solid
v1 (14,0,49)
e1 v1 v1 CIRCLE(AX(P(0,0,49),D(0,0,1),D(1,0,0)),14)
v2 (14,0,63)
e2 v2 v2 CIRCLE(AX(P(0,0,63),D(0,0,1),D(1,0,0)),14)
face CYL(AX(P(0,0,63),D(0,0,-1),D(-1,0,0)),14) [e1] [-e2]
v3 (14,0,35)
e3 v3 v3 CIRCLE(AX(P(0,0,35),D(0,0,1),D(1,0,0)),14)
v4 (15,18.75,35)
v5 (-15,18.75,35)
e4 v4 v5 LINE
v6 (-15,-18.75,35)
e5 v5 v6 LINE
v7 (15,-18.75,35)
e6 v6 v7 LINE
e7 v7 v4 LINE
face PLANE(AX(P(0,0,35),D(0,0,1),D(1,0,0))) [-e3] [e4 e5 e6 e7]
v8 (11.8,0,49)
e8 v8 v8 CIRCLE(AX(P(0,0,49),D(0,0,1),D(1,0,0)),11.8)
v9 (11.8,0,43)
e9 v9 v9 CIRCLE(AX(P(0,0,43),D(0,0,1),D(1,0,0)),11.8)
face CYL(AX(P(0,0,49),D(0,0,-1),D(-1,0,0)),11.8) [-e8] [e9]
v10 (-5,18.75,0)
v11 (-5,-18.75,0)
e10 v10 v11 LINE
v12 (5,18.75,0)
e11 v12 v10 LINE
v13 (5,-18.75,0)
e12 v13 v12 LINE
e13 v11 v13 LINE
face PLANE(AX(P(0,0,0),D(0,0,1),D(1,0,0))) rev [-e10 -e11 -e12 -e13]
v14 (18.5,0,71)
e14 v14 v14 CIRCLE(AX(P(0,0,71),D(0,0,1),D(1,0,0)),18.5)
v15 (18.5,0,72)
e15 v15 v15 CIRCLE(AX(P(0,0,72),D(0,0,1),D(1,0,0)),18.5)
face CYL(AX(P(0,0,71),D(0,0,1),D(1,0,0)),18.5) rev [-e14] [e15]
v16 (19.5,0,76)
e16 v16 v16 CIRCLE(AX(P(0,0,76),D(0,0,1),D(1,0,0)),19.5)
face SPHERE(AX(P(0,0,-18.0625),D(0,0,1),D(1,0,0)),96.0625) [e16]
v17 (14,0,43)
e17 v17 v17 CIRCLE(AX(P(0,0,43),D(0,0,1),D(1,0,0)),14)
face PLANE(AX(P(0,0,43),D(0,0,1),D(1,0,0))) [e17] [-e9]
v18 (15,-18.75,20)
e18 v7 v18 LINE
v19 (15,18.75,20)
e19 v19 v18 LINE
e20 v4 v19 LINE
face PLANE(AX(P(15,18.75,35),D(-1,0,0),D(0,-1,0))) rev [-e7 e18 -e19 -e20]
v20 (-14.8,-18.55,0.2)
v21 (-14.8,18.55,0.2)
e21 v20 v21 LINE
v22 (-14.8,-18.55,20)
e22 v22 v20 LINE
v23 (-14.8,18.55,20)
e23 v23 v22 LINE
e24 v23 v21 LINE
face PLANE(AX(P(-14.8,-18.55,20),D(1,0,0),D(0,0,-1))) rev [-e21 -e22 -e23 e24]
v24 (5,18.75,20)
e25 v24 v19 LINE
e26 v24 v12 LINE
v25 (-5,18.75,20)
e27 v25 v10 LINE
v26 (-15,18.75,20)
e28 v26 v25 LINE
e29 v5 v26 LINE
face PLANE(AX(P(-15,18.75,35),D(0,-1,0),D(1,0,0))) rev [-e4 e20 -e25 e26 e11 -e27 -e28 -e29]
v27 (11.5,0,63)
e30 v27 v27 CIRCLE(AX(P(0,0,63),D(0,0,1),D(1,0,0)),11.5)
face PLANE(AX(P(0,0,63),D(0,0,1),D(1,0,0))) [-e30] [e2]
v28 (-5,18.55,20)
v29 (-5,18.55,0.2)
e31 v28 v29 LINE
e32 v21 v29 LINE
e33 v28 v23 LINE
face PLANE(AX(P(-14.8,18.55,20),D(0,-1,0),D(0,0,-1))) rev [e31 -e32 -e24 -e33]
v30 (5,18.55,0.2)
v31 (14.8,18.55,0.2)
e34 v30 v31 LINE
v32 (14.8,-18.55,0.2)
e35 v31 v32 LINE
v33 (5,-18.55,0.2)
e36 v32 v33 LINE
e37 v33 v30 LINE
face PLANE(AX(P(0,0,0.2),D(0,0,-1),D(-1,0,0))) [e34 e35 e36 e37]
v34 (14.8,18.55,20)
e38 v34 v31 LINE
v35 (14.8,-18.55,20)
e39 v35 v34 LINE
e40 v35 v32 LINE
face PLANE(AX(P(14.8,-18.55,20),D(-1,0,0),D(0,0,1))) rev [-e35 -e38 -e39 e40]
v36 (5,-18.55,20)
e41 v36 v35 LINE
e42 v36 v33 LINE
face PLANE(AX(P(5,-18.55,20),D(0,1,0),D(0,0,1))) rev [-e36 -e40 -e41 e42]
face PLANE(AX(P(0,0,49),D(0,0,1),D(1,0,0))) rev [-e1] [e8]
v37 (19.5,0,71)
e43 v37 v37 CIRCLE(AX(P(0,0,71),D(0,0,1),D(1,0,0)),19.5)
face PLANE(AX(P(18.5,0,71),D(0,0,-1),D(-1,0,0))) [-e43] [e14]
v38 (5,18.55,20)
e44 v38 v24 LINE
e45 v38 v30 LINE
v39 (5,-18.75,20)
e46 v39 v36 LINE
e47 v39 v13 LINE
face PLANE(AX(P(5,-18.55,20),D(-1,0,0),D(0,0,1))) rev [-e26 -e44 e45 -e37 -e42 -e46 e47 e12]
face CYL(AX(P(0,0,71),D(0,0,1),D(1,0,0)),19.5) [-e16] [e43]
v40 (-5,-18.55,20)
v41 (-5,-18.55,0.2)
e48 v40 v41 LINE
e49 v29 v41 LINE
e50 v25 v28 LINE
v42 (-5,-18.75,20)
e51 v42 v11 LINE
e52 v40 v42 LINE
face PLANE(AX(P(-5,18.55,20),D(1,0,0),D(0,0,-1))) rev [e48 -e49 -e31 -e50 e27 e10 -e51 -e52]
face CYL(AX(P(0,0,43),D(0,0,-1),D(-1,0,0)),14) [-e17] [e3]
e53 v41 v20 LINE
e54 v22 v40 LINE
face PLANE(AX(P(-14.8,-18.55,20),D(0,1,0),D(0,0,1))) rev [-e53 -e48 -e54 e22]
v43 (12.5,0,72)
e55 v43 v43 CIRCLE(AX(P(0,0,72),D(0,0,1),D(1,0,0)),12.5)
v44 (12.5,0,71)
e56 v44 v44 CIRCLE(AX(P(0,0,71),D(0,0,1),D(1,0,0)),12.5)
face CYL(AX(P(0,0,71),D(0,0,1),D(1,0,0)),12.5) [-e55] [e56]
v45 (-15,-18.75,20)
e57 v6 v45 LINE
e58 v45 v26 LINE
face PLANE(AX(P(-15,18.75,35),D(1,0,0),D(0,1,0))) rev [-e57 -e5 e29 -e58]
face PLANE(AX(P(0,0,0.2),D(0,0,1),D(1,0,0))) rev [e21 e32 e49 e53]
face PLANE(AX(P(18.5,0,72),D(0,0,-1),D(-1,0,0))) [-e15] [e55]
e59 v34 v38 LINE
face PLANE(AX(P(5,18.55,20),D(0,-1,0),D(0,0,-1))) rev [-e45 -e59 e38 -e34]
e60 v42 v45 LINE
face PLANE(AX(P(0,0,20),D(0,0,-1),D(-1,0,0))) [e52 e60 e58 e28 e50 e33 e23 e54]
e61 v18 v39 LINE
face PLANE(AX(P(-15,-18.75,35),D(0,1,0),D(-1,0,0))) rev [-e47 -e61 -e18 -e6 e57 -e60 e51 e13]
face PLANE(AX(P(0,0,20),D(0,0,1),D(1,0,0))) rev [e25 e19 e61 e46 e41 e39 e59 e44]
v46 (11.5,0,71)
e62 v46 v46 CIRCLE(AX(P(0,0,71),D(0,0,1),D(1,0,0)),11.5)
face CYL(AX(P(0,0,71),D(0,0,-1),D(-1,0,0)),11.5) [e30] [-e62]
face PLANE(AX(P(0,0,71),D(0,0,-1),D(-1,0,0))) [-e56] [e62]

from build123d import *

# Parameters (mm, degrees)
ESQUISSE1_W             = 30
ESQUISSE1_H             = 37.5
BOSS_EXTRU_1_DEPTH      = 35
ESQUISSE2_R             = 14
BOSS_EXTRU_2_DEPTH      = 8
ESQUISSE3_R             = 11.8
BOSS_EXTRU_3_DEPTH      = 6
ESQUISSE4_R             = 14
BOSS_EXTRU_4_DEPTH      = 14
ESQUISSE5_R             = 11.5
BOSS_EXTRU_5_DEPTH      = 8
ENL_V_MAT_EXTRU_1_DEPTH = 20
ESQUISSE9_W             = 9.8
ESQUISSE9_H             = 37.1
ENL_V_MAT_EXTRU_2_DEPTH = 0.2


with BuildPart() as part:
    # Esquisse1 → Boss.-Extru.1 (new body)
    with BuildSketch(Plane.XY):
        Rectangle(ESQUISSE1_W, ESQUISSE1_H)
    extrude(amount=BOSS_EXTRU_1_DEPTH)

    # Esquisse2 → Boss.-Extru.2 (add)
    with BuildSketch(Plane.XY.offset(35)):
        Circle(ESQUISSE2_R)
    extrude(amount=BOSS_EXTRU_2_DEPTH)

    # Esquisse3 → Boss.-Extru.3 (add)
    with BuildSketch(Plane.XY.offset(43)):
        Circle(ESQUISSE3_R)
    extrude(amount=BOSS_EXTRU_3_DEPTH)

    # Esquisse4 → Boss.-Extru.4 (add)
    with BuildSketch(Plane.XY.offset(49)):
        Circle(ESQUISSE4_R)
    extrude(amount=BOSS_EXTRU_4_DEPTH)

    # Esquisse5 → Boss.-Extru.5 (add)
    with BuildSketch(Plane.XY.offset(63)):
        Circle(ESQUISSE5_R)
    extrude(amount=BOSS_EXTRU_5_DEPTH)

    # Esquisse7 → Révolution1 (revolve)
    with BuildSketch(Plane(origin=(0, 0, 0), x_dir=(1, 0, 0), z_dir=(0, 1, 0))):
        with BuildLine():
            Line((0, -71), (12.5, -71))
            Line((12.5, -71), (12.5, -72))
            Line((12.5, -72), (18.5, -72))
            Line((18.5, -72), (18.5, -71))
            Line((18.5, -71), (19.5, -71))
            Line((19.5, -71), (19.5, -76))
            ThreePointArc((19.5, -76), (9.801147892, -77.498691947), (0, -78))
            Line((0, -78), (0, -71))
        make_face()
    revolve(axis=Axis((0, 0, 71), (0, 0, -1)))

    # Esquisse8 → Enlèv. mat.-Extru.1 (cut)
    with BuildSketch(Plane(origin=(0, 0, 0), x_dir=(-1, 0, 0), z_dir=(0, 0, -1))):
        Polygon((-5, 18.75), (-5, 18.55), (-14.8, 18.55), (-14.8, -18.55), (-5, -18.55), (-5, -18.75), (-15, -18.75), (-15, 18.75), align=None)
        Polygon((14.8, -18.55), (5, -18.55), (5, -18.75), (15, -18.75), (15, 18.75), (5, 18.75), (5, 18.55), (14.8, 18.55), align=None)
    extrude(amount=-ENL_V_MAT_EXTRU_1_DEPTH, mode=Mode.SUBTRACT)

    # Esquisse9 → Enlèv. mat.-Extru.2 (cut)
    with BuildSketch(Plane(origin=(0, 0, 0), x_dir=(-1, 0, 0), z_dir=(0, 0, -1))):
        with Locations((-9.9, 0)):
            Rectangle(ESQUISSE9_W, ESQUISSE9_H)
        with Locations((9.9, 0)):
            Rectangle(ESQUISSE9_W, ESQUISSE9_H)
    extrude(amount=-ENL_V_MAT_EXTRU_2_DEPTH, mode=Mode.SUBTRACT)


solid = part.part
